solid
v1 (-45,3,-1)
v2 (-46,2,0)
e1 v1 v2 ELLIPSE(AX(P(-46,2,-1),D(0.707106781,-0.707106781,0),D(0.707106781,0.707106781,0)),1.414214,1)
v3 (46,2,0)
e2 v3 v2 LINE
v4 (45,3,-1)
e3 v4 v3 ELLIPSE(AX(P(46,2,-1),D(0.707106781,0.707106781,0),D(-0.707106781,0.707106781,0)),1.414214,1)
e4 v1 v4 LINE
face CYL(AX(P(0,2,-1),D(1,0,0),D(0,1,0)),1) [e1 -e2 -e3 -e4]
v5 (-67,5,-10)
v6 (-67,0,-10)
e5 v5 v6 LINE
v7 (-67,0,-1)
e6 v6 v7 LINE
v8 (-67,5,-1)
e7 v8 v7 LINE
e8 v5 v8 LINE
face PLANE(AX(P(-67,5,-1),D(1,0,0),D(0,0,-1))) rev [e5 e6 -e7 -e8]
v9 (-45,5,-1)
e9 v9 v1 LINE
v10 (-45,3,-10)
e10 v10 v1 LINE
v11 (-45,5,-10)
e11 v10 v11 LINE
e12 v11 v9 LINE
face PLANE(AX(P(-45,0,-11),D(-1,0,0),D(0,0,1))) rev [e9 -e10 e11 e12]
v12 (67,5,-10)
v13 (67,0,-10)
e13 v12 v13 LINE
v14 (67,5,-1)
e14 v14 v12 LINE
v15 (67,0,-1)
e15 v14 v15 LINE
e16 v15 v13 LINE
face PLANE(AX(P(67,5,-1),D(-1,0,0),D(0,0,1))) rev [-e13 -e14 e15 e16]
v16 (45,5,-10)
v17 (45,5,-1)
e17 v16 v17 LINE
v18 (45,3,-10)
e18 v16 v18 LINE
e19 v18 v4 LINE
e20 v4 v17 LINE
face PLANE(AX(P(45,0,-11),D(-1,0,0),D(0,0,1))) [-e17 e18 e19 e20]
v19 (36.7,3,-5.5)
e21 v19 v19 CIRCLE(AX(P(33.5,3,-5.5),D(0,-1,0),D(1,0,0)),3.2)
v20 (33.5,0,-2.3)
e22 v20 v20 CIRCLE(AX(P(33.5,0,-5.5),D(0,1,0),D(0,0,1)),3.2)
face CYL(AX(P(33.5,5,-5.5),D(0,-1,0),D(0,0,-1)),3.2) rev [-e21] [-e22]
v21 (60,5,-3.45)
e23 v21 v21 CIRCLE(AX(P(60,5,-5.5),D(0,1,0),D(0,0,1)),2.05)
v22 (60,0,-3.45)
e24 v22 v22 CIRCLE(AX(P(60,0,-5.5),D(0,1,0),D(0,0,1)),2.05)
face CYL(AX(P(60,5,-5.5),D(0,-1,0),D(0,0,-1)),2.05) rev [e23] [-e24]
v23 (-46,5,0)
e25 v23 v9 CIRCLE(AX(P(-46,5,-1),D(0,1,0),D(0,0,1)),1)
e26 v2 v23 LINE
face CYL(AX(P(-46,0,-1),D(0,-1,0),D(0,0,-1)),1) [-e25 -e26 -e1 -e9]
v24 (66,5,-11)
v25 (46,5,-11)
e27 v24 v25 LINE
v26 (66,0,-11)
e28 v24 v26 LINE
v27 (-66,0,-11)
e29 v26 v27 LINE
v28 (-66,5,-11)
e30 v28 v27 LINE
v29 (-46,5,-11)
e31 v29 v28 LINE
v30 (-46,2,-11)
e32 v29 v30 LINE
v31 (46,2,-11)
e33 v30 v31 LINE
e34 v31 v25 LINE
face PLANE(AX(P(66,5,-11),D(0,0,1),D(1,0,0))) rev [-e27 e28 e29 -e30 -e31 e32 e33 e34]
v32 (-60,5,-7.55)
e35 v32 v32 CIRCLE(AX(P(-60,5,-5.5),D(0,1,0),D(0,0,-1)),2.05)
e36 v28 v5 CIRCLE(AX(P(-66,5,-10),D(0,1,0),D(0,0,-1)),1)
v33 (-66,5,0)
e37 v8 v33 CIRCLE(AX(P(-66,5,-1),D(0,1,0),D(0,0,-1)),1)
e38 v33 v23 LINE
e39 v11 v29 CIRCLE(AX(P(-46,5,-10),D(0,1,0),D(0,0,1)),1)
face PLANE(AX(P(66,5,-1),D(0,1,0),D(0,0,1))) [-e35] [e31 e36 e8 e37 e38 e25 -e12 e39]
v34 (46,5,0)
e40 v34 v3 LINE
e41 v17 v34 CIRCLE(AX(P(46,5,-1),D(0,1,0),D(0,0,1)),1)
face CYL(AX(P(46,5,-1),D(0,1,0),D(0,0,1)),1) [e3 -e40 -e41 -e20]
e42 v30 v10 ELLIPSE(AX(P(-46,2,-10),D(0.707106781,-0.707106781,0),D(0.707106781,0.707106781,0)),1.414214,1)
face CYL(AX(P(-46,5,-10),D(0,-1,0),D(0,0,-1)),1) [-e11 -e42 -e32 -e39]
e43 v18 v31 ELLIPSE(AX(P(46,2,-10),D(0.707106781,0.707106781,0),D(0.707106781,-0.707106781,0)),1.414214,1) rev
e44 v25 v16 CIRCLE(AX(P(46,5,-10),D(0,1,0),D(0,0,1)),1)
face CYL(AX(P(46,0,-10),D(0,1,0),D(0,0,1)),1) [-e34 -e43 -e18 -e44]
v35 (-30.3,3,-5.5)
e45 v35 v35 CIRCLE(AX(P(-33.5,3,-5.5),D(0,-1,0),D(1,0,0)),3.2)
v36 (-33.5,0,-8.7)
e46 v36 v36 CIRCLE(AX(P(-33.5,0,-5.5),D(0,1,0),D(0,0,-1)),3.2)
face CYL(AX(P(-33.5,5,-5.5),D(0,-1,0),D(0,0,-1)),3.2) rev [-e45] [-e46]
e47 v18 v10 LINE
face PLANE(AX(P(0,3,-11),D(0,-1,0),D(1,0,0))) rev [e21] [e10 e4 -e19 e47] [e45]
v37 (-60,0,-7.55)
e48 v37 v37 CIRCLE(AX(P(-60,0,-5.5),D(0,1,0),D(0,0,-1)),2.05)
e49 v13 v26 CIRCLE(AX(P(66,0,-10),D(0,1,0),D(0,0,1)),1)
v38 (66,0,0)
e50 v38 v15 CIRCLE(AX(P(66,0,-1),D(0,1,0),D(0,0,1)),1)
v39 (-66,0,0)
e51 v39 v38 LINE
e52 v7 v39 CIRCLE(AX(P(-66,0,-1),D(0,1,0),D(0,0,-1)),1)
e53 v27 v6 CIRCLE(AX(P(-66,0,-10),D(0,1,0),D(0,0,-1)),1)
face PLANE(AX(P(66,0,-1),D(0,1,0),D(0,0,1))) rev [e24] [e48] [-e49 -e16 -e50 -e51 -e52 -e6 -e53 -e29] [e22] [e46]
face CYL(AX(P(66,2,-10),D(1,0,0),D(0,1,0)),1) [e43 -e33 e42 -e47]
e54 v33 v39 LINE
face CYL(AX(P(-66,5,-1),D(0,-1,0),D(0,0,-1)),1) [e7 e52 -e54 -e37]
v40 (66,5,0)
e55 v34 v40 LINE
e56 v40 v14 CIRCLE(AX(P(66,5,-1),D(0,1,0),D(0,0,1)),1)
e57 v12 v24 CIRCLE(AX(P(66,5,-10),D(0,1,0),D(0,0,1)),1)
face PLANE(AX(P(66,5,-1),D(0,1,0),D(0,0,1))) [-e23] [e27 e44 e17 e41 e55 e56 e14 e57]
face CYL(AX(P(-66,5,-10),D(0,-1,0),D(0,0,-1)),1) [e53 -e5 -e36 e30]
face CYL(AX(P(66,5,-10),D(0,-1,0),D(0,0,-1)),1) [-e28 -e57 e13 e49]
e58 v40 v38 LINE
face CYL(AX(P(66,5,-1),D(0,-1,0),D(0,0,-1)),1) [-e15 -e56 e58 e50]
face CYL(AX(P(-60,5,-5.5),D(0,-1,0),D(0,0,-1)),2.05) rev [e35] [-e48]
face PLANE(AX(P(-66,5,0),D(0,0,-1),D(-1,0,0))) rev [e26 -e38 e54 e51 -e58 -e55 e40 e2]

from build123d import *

# Parameters (mm, degrees)
ESQUISSE1_R             = 2.05
ESQUISSE1_R_2           = 3.2
BOSS_EXTRU_1_DEPTH      = 5
ESQUISSE2_W             = 90
ESQUISSE2_H             = 2
ENL_V_MAT_EXTRU_1_DEPTH = 69.080834307
CONG_1_R                = 1


with BuildPart() as part:
    # Esquisse1 → Boss.-Extru.1 (new body)
    with BuildSketch(Plane(origin=(0, 0, 0), x_dir=(1, 0, 0), z_dir=(0, 1, 0))):
        with BuildLine():
            Line((-66, 0), (66, 0))
            ThreePointArc((66, 0), (66.707106781, 0.292893219), (67, 1))
            Line((67, 1), (67, 10))
            ThreePointArc((67, 10), (66.707106781, 10.707106781), (66, 11))
            Line((66, 11), (-66, 11))
            ThreePointArc((-66, 11), (-66.707106781, 10.707106781), (-67, 10))
            Line((-67, 10), (-67, 1))
            ThreePointArc((-67, 1), (-66.707106781, 0.292893219), (-66, 0))
        make_face()
        with Locations(Location((60, 5.5, 0), (0, 0, 270))):
            Circle(ESQUISSE1_R, mode=Mode.SUBTRACT)
        with Locations(Location((33.5, 5.5, 0), (0, 0, 270))):
            Circle(ESQUISSE1_R_2, mode=Mode.SUBTRACT)
        with Locations(Location((-33.5, 5.5, 0), (0, 0, 90))):
            Circle(ESQUISSE1_R_2, mode=Mode.SUBTRACT)
        with Locations(Location((-60, 5.5, 0), (0, 0, 90))):
            Circle(ESQUISSE1_R, mode=Mode.SUBTRACT)
    extrude(amount=BOSS_EXTRU_1_DEPTH)

    # Esquisse2 → Enlèv. mat.-Extru.1 (cut, through all)
    with BuildSketch(Plane.XY):
        with Locations((0, 4)):
            Rectangle(ESQUISSE2_W, ESQUISSE2_H)
    extrude(amount=-ENL_V_MAT_EXTRU_1_DEPTH, mode=Mode.SUBTRACT)

    # Congé1
    cong_1_edges = [part.edges().sort_by_distance(p)[0] for p in [
        (-45, 4, -11),
        (45, 4, 0),
        (0, 3, -11),
        (45, 4, -11),
        (-45, 4, 0),
        (0, 3, 0),
    ]]
    fillet(cong_1_edges, radius=CONG_1_R)


solid = part.part
